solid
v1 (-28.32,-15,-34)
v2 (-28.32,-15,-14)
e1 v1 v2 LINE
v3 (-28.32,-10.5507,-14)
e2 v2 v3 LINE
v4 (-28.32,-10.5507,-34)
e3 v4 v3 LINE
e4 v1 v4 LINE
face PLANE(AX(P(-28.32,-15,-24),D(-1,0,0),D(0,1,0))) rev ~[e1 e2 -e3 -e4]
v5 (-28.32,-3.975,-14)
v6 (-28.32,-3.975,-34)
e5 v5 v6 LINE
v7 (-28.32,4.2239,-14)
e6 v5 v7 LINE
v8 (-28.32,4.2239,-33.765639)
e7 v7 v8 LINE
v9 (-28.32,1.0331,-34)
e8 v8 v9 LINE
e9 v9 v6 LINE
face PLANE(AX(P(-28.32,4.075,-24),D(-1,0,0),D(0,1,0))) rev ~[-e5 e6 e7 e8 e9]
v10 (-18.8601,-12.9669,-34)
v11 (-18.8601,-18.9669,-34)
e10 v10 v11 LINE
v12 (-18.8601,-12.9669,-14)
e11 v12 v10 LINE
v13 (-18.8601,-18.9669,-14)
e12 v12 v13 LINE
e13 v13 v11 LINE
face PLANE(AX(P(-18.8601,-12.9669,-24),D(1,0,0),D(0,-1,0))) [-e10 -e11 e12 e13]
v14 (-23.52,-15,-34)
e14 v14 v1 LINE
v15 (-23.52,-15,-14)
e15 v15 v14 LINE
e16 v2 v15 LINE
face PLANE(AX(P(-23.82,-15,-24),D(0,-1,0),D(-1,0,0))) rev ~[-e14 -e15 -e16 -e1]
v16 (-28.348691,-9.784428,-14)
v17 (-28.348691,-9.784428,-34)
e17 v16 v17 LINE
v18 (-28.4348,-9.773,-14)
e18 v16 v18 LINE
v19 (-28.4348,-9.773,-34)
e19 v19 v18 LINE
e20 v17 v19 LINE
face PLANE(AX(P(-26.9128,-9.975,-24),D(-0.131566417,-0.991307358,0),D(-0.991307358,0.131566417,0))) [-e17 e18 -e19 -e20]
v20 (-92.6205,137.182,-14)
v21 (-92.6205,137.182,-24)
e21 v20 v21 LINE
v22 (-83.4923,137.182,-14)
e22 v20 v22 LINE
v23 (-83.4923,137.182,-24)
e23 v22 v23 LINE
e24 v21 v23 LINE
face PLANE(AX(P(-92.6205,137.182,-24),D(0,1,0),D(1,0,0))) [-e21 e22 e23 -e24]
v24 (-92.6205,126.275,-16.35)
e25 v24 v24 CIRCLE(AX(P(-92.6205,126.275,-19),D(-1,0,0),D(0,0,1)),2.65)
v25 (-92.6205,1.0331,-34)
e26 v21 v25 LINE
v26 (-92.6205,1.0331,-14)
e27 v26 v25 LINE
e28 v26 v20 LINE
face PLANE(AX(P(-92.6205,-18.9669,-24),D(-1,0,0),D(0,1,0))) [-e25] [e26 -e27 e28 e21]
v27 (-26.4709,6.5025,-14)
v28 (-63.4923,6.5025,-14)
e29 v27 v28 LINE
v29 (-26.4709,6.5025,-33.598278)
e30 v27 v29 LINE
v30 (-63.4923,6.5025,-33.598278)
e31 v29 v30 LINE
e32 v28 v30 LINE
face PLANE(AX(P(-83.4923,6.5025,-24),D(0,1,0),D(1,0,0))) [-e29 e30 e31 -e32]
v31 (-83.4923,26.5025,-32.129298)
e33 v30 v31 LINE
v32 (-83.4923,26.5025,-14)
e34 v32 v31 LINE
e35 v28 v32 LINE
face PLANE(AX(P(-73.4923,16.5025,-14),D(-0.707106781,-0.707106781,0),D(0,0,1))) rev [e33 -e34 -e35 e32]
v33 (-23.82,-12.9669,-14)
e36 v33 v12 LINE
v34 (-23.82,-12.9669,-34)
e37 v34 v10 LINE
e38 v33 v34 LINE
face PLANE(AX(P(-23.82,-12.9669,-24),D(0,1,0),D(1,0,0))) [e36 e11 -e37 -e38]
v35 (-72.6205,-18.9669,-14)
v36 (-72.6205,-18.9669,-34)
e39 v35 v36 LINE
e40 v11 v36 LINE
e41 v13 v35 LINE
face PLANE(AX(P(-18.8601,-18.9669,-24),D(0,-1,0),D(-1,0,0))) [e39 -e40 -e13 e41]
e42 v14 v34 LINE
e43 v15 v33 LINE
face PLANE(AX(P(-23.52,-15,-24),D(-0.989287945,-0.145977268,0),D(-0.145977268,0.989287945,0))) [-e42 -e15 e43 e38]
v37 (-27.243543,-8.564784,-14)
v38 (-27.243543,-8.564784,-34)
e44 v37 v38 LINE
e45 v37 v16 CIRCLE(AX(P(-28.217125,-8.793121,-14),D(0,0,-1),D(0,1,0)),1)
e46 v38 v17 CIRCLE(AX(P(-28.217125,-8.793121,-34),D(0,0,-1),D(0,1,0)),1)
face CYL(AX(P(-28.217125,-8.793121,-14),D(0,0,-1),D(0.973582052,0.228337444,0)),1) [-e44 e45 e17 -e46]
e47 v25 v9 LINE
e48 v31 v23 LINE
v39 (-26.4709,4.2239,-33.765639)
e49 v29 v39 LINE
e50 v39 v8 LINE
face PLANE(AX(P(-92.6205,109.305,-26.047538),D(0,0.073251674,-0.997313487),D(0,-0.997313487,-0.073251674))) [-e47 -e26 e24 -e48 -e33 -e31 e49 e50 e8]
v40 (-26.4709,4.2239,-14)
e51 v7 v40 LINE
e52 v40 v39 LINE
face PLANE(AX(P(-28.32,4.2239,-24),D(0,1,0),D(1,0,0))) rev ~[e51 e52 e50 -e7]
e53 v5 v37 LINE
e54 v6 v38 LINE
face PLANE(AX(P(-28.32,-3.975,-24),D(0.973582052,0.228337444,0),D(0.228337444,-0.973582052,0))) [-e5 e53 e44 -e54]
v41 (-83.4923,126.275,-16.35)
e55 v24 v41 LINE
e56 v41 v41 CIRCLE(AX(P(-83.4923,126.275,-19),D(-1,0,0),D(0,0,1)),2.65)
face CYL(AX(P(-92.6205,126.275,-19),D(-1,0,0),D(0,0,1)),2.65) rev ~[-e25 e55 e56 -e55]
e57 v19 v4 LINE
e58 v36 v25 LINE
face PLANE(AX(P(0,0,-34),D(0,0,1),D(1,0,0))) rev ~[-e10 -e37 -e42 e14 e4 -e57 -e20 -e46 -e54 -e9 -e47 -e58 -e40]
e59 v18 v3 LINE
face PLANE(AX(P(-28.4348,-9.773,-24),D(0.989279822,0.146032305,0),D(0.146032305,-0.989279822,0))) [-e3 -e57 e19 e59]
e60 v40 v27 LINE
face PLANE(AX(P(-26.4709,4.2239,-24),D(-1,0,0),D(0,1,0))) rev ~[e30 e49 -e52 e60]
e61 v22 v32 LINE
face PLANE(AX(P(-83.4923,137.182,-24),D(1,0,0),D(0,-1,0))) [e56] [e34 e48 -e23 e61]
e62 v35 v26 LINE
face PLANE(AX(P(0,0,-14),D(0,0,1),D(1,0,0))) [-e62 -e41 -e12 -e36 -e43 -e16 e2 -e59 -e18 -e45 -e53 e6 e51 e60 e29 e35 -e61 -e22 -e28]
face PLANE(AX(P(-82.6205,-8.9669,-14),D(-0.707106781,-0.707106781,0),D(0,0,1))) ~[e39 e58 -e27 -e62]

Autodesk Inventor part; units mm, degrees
ref_plane "YZ Plane" through (0, 0, 0) normal (1, 0, 0) x (0, 1, 0)
ref_plane "XZ Plane" through (0, 0, 0) normal (0, 1, 0) x (-1, 0, 0)
ref_plane "XY Plane" through (0, 0, 0) normal (0, 0, 1) x (1, 0, 0)
ref_plane "Work Plane1" through (0, 0, 0) normal (0, 0, 1) x (1, 0, 0)
ref_plane "Work Plane2" through (0, 0, -24) normal (0, 0, 1) x (1, 0, 0)
sketch "Sketch1" plane through (0, 0, -24) normal (0, 0, 1) x (1, 0, 0)
  line L0 (-28.32, -15) -> (-28.32, -9.975) projected
  line L1 (-28.32, -3.975) -> (-28.32, 4.075) projected
  line L2 (-23.82, -15) -> (-28.32, -15) projected
  line L3 (-23.82, -15) -> (-23.52, -15)
  line L4 (-23.52, -15) -> (-23.82, -12.9669)
  line L5 (-23.82, -12.9669) -> (-18.8601, -12.9669)
  line L6 (-18.8601, -12.9669) -> (-18.8601, -18.9669)
  line L7 (-18.8601, -18.9669) -> (-92.6205, -18.9669)
  line L8 (-92.6205, -18.9669) -> (-92.6205, 137.182)
  line L9 (-92.6205, 137.182) -> (-83.4923, 137.182)
  line L10 (-83.4923, 137.182) -> (-83.4923, 6.5025)
  line L11 (-83.4923, 6.5025) -> (-28.32, 6.5025)
  line L12 (-28.32, -3.975) -> (-26.9128, -9.975)
  line L13 (-26.9128, -9.975) -> (-28.4348, -9.773)
  line L14 (-28.4348, -9.773) -> (-28.32, -10.5507)
  line L15 (-28.32, -10.5507) -> (-28.32, -15)
  line L16 (-28.32, -15) -> (-23.82, -15)
  line L17 (-28.32, 4.075) -> (-28.32, 4.2239)
  line L18 (-28.32, 4.2239) -> (-26.4709, 4.2239)
  line L19 (-26.4709, 4.2239) -> (-26.4709, 6.5025)
  line L20 (-26.4709, 6.5025) -> (-28.32, 6.5025)
  point P0 (0, 0)
  dimension "d0" = 0.3
  dimension "d1" = 6
extrude "Extrusion1" add sketch "Sketch1" along normal mid plane 20
fillet "Fillet1" radius 1 1 edges at (-26.9128, -9.975, -24)
chamfer "Chamfer1" distance 20 angle 45 2 edges at (-83.4923, 6.5025, -24) (-92.6205, -18.9669, -24)
sketch "Sketch2" plane through (-92.6205, 137.182, -34) normal (-1, 0, 0) x (0, 0, 1)
  line L0 (18.675, -27.877) -> (18.675, 6.063) projected
  line L1 (-16.4278, 9.4711) -> (-17.2496, 12.5384) projected
  line L2 (-17.2496, 12.5384) -> (-20.3169, 13.3602) projected
  line L3 (-20.3169, 13.3602) -> (-22.5622, 11.1149) projected
  line L4 (-22.5622, 11.1149) -> (-21.7404, 8.0476) projected
  line L5 (-21.7404, 8.0476) -> (-18.6731, 7.2258) projected
  line L6 (-18.6731, 7.2258) -> (-16.4278, 9.4711) projected
  line L7 (23.7269, -35.1742) -> (25.9722, -32.9289) projected
  line L8 (25.9722, -32.9289) -> (25.1504, -29.8616) projected
  line L9 (25.1504, -29.8616) -> (22.0831, -29.0398) projected
  line L10 (22.0831, -29.0398) -> (19.8378, -31.2851) projected
  line L11 (19.8378, -31.2851) -> (20.6596, -34.3524) projected
  line L12 (20.6596, -34.3524) -> (23.7269, -35.1742) projected
  circle A0 centre (16.005, 9.753) radius 2.475 projected
  circle A1 centre (-18.955, 3.393) radius 2.475 projected
  circle A2 centre (-12.595, -31.567) radius 2.475 projected
  circle A3 centre (22.365, -25.207) radius 2.475 projected
  circle A4 centre (22.365, 3.393) radius 2.475 projected
  circle A5 centre (16.005, -31.567) radius 2.475 projected
  circle A6 centre (-18.955, -25.207) radius 2.475 projected
  circle A7 centre (-12.595, 9.753) radius 2.475 projected
  arc A8 (-20.655, -19.707) -> (-17.255, -19.707) centre (-18.955, -19.707) ccw projected
  line L13 (-17.255, -19.707) -> (-17.255, -2.107) projected
  arc A9 (-17.255, -2.107) -> (-20.655, -2.107) centre (-18.955, -2.107) ccw projected
  line L14 (-20.655, -2.107) -> (-20.655, -19.707) projected
  arc A10 (20.665, -19.707) -> (24.065, -19.707) centre (22.365, -19.707) ccw projected
  line L15 (24.065, -19.707) -> (24.065, -2.107) projected
  arc A11 (24.065, -2.107) -> (20.665, -2.107) centre (22.365, -2.107) ccw projected
  line L16 (20.665, -2.107) -> (20.665, -19.707) projected
  arc A12 (10.505, -33.267) -> (10.505, -29.867) centre (10.505, -31.567) ccw projected
  line L17 (10.505, -29.867) -> (-7.095, -29.867) projected
  arc A13 (-7.095, -29.867) -> (-7.095, -33.267) centre (-7.095, -31.567) ccw projected
  line L18 (-7.095, -33.267) -> (10.505, -33.267) projected
  arc A14 (-7.095, 11.453) -> (-7.095, 8.053) centre (-7.095, 9.753) ccw projected
  line L19 (-7.095, 8.053) -> (10.505, 8.053) projected
  arc A15 (10.505, 8.053) -> (10.505, 11.453) centre (10.505, 9.753) ccw projected
  line L20 (10.505, 11.453) -> (-7.095, 11.453) projected
  line L21 (-15.265, -27.877) -> (18.675, -27.877) projected
  line L22 (18.675, -27.877) -> (18.675, 6.063) projected
  line L23 (18.675, 6.063) -> (-15.265, 6.063) projected
  line L24 (-15.265, 6.063) -> (-15.265, -27.877) projected
  circle A16 centre (-19.495, -32.107) radius 2.75 projected
  circle A17 centre (22.905, 10.293) radius 2.75 projected
  arc A18 (-22.645, -33.757) -> (-21.145, -35.257) centre (-21.145, -33.757) ccw projected
  line L25 (-22.645, 11.943) -> (-22.645, -33.757) projected
  arc A19 (-21.145, 13.443) -> (-22.645, 11.943) centre (-21.145, 11.943) ccw projected
  line L26 (24.555, 13.443) -> (-21.145, 13.443) projected
  arc A20 (26.055, 11.943) -> (24.555, 13.443) centre (24.555, 11.943) ccw projected
  line L27 (26.055, -33.757) -> (26.055, 11.943) projected
  arc A21 (24.555, -35.257) -> (26.055, -33.757) centre (24.555, -33.757) ccw projected
  line L28 (-21.145, -35.257) -> (24.555, -35.257) projected
  circle A22 centre (1.705, -10.907) radius 16.97
  circle A23 centre (15, -10.907) radius 2.65
  line L29 (20, 0) -> (20, -136.1489) projected
  line L30 (20, -136.1489) -> (0, -136.1489) projected
  line L31 (20, 0) -> (20, -136.1489) projected
  line L32 (0, 0) -> (20, 0) projected
  line L33 (0, -136.1489) -> (0, 0) projected
  line L34 (0, 0) -> (20, 0) projected
  line L35 (10, 0) -> (0, -136.1489)
  point P0 (34, -137.182)
  dimension "d8" = 5.3
  dimension "d9" = 5
extrude "Extrusion2" cut sketch "Sketch2" against normal through all contours L35 L17 L33 L21 | L21 A22 L35 | A22 L33 L32 L35 | L21 L33 A22 | L35 L18 L33 L17 | L35 L28 L33 L18 | L35 L33 L28 | A23
properties part number "30_Adapter_neje_LED"
